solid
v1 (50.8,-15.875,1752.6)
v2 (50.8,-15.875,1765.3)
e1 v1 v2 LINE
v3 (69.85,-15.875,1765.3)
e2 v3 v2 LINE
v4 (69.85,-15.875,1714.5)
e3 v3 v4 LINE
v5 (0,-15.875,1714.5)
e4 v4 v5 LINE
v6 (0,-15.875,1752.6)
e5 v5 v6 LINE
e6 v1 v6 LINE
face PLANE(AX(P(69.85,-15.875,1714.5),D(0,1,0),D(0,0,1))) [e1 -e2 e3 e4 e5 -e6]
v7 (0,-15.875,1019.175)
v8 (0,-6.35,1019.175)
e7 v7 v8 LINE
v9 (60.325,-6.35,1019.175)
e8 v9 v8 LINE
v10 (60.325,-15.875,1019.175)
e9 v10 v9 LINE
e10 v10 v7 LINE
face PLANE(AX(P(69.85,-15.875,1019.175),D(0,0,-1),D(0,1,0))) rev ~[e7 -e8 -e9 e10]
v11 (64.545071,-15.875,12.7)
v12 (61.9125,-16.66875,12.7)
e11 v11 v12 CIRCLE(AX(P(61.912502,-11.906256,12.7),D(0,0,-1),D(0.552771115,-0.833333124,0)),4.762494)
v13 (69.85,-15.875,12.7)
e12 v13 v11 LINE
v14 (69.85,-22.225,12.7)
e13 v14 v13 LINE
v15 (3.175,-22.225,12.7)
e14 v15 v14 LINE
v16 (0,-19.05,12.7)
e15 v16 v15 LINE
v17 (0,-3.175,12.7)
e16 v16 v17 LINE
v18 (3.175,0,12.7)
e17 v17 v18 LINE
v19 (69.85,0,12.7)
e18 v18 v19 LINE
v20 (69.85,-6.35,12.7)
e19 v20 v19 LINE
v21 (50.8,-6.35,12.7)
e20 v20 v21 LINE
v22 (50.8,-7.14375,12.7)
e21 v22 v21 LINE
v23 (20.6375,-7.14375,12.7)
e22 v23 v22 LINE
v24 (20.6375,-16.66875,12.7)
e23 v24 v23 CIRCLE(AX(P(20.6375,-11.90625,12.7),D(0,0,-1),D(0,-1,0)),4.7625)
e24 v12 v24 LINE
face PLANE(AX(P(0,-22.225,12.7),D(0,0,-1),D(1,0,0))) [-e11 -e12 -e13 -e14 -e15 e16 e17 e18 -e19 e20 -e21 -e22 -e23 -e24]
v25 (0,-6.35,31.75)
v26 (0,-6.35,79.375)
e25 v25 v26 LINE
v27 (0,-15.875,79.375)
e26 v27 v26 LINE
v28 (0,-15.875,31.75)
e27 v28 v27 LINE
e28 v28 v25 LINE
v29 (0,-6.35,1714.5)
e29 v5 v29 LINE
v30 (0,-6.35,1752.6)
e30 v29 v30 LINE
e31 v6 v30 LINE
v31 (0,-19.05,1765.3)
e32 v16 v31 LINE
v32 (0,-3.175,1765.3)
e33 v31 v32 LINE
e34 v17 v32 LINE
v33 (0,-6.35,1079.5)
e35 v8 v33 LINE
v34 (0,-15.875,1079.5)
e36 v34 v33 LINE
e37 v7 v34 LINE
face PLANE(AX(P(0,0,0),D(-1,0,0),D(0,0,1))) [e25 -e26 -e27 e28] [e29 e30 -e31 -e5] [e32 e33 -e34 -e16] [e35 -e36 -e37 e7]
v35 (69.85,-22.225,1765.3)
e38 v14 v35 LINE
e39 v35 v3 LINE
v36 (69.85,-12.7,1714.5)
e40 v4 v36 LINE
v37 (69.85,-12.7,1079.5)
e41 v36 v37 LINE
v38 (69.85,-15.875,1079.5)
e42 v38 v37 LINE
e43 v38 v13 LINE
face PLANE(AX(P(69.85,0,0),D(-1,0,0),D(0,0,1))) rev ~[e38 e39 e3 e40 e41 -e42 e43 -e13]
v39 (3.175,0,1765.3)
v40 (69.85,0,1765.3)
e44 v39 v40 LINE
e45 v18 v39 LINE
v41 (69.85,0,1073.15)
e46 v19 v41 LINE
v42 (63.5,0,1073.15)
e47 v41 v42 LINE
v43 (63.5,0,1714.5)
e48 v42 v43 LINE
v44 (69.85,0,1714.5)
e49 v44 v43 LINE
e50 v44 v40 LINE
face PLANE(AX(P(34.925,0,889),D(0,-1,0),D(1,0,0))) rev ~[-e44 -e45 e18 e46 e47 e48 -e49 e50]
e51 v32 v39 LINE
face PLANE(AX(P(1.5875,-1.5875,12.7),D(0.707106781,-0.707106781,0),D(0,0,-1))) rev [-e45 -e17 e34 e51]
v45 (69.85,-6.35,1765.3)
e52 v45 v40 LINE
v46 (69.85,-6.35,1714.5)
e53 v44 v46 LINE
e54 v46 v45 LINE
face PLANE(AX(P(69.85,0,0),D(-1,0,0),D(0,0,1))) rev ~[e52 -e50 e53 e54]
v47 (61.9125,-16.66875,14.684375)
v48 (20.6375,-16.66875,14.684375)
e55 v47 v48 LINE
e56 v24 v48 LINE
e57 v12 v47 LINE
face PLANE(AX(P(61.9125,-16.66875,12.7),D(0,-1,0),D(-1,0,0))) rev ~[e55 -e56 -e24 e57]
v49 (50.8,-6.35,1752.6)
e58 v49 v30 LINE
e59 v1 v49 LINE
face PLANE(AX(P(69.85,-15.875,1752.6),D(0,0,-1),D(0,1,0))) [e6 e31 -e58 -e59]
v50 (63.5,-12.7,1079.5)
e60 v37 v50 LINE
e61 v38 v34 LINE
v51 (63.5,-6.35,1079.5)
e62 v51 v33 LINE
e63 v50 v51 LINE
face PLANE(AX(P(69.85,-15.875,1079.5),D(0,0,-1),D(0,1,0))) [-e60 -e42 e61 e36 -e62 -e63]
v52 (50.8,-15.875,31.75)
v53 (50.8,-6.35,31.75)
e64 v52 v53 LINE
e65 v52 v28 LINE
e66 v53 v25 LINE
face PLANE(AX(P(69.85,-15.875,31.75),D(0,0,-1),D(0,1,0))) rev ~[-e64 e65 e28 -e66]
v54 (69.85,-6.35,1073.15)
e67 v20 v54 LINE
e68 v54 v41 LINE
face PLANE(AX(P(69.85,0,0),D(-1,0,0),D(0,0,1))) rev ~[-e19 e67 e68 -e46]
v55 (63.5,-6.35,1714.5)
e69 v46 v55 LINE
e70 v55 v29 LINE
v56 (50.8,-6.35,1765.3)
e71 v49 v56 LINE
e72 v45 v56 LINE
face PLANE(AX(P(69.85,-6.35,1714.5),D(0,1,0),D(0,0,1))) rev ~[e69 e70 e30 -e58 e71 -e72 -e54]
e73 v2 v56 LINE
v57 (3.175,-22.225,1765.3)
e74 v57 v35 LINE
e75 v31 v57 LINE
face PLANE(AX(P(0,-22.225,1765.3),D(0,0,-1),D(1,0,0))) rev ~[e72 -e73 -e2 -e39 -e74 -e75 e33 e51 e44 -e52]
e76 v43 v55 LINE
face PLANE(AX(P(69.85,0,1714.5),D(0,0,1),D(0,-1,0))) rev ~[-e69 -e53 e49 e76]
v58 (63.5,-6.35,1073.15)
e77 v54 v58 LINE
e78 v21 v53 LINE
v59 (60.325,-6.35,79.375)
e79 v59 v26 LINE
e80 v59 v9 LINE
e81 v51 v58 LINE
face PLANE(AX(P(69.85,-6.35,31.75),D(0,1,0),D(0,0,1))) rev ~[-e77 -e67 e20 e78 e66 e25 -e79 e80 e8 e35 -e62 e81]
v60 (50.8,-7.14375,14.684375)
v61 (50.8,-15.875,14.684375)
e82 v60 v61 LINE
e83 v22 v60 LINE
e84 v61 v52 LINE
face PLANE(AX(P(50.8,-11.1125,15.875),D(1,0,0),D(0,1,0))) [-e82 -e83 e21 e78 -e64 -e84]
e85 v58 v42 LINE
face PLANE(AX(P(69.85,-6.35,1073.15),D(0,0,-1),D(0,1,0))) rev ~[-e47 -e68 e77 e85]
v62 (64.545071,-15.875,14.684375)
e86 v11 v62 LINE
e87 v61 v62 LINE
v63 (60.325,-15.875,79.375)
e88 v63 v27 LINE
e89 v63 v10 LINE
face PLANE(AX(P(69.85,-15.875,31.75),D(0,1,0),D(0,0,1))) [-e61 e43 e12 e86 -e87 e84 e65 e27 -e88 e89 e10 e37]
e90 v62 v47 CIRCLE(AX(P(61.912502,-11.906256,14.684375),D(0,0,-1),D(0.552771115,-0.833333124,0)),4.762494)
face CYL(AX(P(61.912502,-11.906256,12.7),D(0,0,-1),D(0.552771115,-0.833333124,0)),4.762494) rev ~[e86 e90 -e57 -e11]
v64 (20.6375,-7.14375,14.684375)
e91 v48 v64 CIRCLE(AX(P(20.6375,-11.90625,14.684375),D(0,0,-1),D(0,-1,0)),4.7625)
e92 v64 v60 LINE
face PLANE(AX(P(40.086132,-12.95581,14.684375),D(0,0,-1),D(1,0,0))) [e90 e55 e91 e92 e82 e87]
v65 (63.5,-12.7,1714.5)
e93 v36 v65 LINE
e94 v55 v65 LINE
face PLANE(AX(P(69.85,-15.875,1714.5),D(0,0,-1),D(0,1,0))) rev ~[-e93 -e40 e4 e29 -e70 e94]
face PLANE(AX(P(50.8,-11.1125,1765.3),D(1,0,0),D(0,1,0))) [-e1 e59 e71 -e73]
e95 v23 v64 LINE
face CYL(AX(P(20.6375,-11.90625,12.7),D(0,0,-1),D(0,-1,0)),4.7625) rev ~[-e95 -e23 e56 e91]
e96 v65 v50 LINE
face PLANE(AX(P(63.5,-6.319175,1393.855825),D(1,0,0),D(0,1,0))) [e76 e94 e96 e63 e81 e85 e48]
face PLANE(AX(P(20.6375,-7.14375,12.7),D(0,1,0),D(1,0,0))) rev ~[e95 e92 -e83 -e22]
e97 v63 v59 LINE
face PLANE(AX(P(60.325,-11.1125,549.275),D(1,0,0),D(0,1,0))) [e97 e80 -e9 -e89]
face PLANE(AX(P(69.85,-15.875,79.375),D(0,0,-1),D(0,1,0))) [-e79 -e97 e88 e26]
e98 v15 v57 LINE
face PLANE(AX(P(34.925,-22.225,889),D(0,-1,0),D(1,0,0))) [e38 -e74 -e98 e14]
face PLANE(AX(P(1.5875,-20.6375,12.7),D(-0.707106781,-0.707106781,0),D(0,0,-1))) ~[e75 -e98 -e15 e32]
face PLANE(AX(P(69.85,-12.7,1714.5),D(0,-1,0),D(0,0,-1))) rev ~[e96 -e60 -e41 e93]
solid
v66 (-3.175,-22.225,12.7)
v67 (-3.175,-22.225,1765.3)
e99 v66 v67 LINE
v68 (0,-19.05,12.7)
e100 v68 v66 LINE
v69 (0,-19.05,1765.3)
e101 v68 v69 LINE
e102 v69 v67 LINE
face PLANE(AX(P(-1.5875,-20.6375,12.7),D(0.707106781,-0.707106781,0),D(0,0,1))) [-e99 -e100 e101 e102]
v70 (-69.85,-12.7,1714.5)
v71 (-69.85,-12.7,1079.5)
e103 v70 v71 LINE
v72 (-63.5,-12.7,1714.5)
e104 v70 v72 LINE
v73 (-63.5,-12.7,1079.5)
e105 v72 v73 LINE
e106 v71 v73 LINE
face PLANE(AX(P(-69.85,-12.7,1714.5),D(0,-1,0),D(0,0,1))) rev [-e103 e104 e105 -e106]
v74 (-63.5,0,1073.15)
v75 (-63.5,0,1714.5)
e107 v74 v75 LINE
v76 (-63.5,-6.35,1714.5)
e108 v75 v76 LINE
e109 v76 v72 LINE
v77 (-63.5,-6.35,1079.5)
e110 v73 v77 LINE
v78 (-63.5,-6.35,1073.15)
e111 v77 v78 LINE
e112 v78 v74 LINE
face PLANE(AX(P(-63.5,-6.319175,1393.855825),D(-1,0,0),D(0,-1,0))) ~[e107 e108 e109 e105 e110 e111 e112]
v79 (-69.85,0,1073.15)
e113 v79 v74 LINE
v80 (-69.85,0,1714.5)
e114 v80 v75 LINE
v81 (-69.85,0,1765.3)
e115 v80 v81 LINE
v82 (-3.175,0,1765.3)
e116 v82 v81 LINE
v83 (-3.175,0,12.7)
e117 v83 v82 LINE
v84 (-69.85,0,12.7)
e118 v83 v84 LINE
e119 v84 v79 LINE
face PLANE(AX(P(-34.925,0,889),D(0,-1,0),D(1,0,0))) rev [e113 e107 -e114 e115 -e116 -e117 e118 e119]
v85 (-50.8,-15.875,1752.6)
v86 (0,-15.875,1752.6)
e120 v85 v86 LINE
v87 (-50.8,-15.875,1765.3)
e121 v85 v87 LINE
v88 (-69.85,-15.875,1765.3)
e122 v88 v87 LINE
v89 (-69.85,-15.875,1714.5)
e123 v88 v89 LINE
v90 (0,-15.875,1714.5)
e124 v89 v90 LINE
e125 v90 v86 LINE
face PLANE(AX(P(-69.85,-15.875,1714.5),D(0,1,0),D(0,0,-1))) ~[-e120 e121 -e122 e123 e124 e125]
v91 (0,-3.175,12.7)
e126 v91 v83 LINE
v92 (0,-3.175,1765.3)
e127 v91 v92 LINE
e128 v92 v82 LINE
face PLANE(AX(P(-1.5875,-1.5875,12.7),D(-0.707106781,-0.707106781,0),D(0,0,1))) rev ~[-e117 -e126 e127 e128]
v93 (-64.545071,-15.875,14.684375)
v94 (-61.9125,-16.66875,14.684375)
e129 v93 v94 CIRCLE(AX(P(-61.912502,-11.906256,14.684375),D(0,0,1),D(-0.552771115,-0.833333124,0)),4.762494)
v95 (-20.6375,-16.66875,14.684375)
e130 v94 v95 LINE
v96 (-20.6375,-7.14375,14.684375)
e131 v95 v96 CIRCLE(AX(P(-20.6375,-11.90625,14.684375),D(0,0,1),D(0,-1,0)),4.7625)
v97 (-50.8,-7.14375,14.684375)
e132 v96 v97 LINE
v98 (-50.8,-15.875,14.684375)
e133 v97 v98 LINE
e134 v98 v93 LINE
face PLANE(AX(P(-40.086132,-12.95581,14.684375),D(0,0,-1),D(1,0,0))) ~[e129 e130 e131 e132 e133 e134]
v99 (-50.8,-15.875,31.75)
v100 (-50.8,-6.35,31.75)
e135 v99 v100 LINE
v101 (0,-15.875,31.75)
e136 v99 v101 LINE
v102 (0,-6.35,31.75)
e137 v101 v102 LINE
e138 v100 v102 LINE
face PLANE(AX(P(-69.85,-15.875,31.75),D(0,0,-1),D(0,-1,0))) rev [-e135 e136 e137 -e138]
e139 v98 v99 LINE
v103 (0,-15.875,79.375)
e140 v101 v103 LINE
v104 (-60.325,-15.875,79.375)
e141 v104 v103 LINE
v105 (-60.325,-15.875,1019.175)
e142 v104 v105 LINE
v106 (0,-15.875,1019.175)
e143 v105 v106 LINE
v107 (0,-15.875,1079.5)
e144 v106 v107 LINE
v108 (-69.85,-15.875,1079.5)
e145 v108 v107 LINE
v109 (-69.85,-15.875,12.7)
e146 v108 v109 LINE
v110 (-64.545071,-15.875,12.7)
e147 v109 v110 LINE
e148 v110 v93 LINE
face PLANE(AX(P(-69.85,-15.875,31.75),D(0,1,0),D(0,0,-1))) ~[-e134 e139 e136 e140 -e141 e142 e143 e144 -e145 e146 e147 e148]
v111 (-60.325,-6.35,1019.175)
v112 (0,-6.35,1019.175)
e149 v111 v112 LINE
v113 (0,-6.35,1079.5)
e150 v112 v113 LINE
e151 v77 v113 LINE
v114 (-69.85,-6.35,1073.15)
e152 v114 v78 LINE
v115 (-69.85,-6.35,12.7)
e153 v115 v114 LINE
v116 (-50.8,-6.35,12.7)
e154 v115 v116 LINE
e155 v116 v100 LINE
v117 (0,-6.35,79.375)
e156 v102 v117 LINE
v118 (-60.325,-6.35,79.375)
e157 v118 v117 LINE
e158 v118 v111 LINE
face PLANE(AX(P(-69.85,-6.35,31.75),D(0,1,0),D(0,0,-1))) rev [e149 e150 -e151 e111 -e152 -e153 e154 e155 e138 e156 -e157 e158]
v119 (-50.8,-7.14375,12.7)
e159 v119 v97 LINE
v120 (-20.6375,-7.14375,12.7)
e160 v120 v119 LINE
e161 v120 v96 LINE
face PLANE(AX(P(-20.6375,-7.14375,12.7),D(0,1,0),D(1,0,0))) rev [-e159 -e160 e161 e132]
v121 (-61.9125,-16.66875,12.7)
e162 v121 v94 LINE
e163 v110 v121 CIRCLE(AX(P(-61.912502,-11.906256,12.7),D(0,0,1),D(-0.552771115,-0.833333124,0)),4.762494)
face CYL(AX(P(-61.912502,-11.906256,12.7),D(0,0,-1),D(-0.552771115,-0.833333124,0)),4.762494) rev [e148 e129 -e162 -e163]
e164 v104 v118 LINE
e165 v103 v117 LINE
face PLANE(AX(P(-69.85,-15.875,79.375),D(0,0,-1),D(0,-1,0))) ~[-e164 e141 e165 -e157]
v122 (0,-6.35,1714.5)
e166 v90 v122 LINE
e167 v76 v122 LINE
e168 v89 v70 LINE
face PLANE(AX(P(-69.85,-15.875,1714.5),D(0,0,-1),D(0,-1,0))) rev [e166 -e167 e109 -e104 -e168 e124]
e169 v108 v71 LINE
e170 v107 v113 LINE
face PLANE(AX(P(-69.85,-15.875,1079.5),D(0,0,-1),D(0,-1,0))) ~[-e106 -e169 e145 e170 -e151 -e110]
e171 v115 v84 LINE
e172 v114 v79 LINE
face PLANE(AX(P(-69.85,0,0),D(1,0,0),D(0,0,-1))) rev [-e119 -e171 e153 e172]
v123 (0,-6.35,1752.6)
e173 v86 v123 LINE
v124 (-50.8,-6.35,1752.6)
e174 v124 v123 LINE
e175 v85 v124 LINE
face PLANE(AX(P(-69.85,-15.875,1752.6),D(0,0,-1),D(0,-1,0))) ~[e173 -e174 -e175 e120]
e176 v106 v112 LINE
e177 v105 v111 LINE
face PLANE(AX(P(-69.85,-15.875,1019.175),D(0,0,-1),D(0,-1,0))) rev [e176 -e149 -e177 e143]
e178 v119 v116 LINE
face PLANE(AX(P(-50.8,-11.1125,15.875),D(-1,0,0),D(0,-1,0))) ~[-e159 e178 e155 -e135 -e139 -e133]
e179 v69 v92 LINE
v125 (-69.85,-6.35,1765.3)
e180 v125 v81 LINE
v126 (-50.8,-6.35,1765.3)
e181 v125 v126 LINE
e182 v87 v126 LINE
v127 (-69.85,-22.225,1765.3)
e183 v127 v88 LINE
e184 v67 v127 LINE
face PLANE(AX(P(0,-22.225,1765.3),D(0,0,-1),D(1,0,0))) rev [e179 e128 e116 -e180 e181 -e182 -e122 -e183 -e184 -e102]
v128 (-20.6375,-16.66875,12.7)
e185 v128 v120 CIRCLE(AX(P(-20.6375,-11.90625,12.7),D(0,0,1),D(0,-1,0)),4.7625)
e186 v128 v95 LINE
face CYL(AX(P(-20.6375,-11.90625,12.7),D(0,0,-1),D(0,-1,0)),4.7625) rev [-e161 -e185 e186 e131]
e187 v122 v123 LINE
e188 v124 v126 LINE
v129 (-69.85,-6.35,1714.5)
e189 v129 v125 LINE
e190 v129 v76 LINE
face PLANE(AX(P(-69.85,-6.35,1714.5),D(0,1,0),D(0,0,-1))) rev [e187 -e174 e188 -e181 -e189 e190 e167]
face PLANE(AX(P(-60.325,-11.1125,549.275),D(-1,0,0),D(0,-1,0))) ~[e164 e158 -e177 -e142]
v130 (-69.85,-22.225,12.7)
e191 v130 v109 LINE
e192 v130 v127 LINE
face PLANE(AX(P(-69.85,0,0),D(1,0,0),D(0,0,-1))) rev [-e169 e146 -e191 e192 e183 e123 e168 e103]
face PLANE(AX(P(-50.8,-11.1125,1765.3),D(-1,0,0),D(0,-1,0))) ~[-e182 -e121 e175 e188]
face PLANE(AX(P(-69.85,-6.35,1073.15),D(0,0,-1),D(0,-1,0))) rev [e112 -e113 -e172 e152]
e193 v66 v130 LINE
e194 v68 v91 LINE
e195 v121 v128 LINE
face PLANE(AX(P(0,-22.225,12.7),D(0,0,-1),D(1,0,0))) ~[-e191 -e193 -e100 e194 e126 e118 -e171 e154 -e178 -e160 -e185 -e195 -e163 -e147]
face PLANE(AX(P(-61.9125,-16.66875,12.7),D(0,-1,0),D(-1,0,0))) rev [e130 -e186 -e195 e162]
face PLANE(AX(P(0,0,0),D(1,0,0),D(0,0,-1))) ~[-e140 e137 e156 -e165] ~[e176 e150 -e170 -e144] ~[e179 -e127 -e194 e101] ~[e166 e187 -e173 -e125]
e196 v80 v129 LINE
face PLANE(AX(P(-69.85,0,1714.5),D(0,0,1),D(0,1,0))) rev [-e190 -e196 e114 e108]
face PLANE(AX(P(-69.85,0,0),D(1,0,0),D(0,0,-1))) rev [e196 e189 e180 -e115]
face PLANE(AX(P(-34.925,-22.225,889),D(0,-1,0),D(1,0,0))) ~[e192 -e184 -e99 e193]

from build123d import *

# Parameters (mm, degrees)
F0_W      = 69.85
F0_H      = 1778
F1_DEPTH  = 22.225
F2_W      = 9.525
F2_H      = 47.625
F2_H_2    = 38.1
F2_H_3    = 60.325
F3_DEPTH  = 69.85
F2_H_4    = 31.75
F2_H_5    = 25.4
F4_DEPTH  = 19.05
F5_W      = 69.85
F5_H      = 12.7
F6_DEPTH  = 22.226
F7_W      = 9.525
F7_H      = 939.8
F8_DEPTH  = 9.525
F10_SIZE  = 3.175
F11_DEPTH = 1.984375
F12_DEPTH = 6.35


with BuildPart() as f1:
    # F0 (on Front) → F1 (new body)
    with BuildSketch(Plane.XZ):
        with Locations((34.925, 889)):
            Rectangle(F0_W, F0_H)
    extrude(amount=F1_DEPTH)

    # F2 (on face) → F3 (cut, through all)
    with BuildSketch(Plane.YZ.offset(69.85)):
        with Locations((-11.1125, 55.5625)):
            Rectangle(F2_W, F2_H)
        with Locations((-11.1125, 1733.55)):
            Rectangle(F2_W, F2_H_2)
        with Locations((-11.1125, 1049.3375)):
            Rectangle(F2_W, F2_H_3)
    extrude(amount=-F3_DEPTH, mode=Mode.SUBTRACT)

    # F2 (on face) → F4 (cut)
    with BuildSketch(Plane.YZ.offset(69.85)):
        with Locations((-11.1125, 15.875)):
            Rectangle(F2_W, F2_H_4)
        with Locations((-11.1125, 1765.3)):
            Rectangle(F2_W, F2_H_5)
    extrude(amount=-F4_DEPTH, mode=Mode.SUBTRACT)

    # F5 (on face) → F6 (cut, through all)
    with BuildSketch(Plane.XZ.offset(22.225)):
        with Locations((34.925, 6.35)):
            Rectangle(F5_W, F5_H)
        with Locations((34.925, 1771.65)):
            Rectangle(F5_W, F5_H)
    extrude(amount=-F6_DEPTH, mode=Mode.SUBTRACT)

    # F7 (on face) → F8 (cut)
    with BuildSketch(Plane.YZ.offset(69.85)):
        with Locations((-11.1125, 549.275)):
            Rectangle(F7_W, F7_H)
    extrude(amount=-F8_DEPTH, mode=Mode.SUBTRACT)

    # F10
    f10_edges = [f1.edges().sort_by_distance(p)[0] for p in [
        (0, -22.225, 889),
        (0, 0, 889),
    ]]
    chamfer(f10_edges, length=F10_SIZE)

    # F9 (on face) → F11 (cut)
    with BuildSketch(Plane(origin=(0, 0, 12.7), x_dir=(1, 0, 0), z_dir=(0, 0, -1))):
        with BuildLine():
            Line((61.9125, 16.66875), (20.6375, 16.66875))
            ThreePointArc((20.6375, 16.66875), (15.875, 11.90625), (20.6375, 7.14375))
            Line((20.6375, 7.14375), (50.8, 7.14375))
            Line((50.8, 7.14375), (50.8, 15.875))
            Line((50.8, 15.875), (64.545071, 15.875))
            ThreePointArc((64.545071, 15.875), (63.287315, 16.465997), (61.9125, 16.66875))
        make_face()
    extrude(amount=-F11_DEPTH, mode=Mode.SUBTRACT)

    # F7 (on face) → F12 (cut)
    with BuildSketch(Plane.YZ.offset(69.85)):
        Polygon((-6.35, 1079.5), (-6.35, 1073.15), (0, 1073.15), (0, 1714.5), (-6.35, 1714.5), (-12.7, 1714.5), (-12.7, 1079.5), align=None)
    extrude(amount=-F12_DEPTH, mode=Mode.SUBTRACT)


with BuildPart() as f13_1:
    # F13: instance of F1
    add(f1.part.mirror(Plane(origin=(0, -11.1125, 888.222597), x_dir=(0, -1, 0), z_dir=(-1, 0, 0))))


solid = Compound([f1.part, f13_1.part])
